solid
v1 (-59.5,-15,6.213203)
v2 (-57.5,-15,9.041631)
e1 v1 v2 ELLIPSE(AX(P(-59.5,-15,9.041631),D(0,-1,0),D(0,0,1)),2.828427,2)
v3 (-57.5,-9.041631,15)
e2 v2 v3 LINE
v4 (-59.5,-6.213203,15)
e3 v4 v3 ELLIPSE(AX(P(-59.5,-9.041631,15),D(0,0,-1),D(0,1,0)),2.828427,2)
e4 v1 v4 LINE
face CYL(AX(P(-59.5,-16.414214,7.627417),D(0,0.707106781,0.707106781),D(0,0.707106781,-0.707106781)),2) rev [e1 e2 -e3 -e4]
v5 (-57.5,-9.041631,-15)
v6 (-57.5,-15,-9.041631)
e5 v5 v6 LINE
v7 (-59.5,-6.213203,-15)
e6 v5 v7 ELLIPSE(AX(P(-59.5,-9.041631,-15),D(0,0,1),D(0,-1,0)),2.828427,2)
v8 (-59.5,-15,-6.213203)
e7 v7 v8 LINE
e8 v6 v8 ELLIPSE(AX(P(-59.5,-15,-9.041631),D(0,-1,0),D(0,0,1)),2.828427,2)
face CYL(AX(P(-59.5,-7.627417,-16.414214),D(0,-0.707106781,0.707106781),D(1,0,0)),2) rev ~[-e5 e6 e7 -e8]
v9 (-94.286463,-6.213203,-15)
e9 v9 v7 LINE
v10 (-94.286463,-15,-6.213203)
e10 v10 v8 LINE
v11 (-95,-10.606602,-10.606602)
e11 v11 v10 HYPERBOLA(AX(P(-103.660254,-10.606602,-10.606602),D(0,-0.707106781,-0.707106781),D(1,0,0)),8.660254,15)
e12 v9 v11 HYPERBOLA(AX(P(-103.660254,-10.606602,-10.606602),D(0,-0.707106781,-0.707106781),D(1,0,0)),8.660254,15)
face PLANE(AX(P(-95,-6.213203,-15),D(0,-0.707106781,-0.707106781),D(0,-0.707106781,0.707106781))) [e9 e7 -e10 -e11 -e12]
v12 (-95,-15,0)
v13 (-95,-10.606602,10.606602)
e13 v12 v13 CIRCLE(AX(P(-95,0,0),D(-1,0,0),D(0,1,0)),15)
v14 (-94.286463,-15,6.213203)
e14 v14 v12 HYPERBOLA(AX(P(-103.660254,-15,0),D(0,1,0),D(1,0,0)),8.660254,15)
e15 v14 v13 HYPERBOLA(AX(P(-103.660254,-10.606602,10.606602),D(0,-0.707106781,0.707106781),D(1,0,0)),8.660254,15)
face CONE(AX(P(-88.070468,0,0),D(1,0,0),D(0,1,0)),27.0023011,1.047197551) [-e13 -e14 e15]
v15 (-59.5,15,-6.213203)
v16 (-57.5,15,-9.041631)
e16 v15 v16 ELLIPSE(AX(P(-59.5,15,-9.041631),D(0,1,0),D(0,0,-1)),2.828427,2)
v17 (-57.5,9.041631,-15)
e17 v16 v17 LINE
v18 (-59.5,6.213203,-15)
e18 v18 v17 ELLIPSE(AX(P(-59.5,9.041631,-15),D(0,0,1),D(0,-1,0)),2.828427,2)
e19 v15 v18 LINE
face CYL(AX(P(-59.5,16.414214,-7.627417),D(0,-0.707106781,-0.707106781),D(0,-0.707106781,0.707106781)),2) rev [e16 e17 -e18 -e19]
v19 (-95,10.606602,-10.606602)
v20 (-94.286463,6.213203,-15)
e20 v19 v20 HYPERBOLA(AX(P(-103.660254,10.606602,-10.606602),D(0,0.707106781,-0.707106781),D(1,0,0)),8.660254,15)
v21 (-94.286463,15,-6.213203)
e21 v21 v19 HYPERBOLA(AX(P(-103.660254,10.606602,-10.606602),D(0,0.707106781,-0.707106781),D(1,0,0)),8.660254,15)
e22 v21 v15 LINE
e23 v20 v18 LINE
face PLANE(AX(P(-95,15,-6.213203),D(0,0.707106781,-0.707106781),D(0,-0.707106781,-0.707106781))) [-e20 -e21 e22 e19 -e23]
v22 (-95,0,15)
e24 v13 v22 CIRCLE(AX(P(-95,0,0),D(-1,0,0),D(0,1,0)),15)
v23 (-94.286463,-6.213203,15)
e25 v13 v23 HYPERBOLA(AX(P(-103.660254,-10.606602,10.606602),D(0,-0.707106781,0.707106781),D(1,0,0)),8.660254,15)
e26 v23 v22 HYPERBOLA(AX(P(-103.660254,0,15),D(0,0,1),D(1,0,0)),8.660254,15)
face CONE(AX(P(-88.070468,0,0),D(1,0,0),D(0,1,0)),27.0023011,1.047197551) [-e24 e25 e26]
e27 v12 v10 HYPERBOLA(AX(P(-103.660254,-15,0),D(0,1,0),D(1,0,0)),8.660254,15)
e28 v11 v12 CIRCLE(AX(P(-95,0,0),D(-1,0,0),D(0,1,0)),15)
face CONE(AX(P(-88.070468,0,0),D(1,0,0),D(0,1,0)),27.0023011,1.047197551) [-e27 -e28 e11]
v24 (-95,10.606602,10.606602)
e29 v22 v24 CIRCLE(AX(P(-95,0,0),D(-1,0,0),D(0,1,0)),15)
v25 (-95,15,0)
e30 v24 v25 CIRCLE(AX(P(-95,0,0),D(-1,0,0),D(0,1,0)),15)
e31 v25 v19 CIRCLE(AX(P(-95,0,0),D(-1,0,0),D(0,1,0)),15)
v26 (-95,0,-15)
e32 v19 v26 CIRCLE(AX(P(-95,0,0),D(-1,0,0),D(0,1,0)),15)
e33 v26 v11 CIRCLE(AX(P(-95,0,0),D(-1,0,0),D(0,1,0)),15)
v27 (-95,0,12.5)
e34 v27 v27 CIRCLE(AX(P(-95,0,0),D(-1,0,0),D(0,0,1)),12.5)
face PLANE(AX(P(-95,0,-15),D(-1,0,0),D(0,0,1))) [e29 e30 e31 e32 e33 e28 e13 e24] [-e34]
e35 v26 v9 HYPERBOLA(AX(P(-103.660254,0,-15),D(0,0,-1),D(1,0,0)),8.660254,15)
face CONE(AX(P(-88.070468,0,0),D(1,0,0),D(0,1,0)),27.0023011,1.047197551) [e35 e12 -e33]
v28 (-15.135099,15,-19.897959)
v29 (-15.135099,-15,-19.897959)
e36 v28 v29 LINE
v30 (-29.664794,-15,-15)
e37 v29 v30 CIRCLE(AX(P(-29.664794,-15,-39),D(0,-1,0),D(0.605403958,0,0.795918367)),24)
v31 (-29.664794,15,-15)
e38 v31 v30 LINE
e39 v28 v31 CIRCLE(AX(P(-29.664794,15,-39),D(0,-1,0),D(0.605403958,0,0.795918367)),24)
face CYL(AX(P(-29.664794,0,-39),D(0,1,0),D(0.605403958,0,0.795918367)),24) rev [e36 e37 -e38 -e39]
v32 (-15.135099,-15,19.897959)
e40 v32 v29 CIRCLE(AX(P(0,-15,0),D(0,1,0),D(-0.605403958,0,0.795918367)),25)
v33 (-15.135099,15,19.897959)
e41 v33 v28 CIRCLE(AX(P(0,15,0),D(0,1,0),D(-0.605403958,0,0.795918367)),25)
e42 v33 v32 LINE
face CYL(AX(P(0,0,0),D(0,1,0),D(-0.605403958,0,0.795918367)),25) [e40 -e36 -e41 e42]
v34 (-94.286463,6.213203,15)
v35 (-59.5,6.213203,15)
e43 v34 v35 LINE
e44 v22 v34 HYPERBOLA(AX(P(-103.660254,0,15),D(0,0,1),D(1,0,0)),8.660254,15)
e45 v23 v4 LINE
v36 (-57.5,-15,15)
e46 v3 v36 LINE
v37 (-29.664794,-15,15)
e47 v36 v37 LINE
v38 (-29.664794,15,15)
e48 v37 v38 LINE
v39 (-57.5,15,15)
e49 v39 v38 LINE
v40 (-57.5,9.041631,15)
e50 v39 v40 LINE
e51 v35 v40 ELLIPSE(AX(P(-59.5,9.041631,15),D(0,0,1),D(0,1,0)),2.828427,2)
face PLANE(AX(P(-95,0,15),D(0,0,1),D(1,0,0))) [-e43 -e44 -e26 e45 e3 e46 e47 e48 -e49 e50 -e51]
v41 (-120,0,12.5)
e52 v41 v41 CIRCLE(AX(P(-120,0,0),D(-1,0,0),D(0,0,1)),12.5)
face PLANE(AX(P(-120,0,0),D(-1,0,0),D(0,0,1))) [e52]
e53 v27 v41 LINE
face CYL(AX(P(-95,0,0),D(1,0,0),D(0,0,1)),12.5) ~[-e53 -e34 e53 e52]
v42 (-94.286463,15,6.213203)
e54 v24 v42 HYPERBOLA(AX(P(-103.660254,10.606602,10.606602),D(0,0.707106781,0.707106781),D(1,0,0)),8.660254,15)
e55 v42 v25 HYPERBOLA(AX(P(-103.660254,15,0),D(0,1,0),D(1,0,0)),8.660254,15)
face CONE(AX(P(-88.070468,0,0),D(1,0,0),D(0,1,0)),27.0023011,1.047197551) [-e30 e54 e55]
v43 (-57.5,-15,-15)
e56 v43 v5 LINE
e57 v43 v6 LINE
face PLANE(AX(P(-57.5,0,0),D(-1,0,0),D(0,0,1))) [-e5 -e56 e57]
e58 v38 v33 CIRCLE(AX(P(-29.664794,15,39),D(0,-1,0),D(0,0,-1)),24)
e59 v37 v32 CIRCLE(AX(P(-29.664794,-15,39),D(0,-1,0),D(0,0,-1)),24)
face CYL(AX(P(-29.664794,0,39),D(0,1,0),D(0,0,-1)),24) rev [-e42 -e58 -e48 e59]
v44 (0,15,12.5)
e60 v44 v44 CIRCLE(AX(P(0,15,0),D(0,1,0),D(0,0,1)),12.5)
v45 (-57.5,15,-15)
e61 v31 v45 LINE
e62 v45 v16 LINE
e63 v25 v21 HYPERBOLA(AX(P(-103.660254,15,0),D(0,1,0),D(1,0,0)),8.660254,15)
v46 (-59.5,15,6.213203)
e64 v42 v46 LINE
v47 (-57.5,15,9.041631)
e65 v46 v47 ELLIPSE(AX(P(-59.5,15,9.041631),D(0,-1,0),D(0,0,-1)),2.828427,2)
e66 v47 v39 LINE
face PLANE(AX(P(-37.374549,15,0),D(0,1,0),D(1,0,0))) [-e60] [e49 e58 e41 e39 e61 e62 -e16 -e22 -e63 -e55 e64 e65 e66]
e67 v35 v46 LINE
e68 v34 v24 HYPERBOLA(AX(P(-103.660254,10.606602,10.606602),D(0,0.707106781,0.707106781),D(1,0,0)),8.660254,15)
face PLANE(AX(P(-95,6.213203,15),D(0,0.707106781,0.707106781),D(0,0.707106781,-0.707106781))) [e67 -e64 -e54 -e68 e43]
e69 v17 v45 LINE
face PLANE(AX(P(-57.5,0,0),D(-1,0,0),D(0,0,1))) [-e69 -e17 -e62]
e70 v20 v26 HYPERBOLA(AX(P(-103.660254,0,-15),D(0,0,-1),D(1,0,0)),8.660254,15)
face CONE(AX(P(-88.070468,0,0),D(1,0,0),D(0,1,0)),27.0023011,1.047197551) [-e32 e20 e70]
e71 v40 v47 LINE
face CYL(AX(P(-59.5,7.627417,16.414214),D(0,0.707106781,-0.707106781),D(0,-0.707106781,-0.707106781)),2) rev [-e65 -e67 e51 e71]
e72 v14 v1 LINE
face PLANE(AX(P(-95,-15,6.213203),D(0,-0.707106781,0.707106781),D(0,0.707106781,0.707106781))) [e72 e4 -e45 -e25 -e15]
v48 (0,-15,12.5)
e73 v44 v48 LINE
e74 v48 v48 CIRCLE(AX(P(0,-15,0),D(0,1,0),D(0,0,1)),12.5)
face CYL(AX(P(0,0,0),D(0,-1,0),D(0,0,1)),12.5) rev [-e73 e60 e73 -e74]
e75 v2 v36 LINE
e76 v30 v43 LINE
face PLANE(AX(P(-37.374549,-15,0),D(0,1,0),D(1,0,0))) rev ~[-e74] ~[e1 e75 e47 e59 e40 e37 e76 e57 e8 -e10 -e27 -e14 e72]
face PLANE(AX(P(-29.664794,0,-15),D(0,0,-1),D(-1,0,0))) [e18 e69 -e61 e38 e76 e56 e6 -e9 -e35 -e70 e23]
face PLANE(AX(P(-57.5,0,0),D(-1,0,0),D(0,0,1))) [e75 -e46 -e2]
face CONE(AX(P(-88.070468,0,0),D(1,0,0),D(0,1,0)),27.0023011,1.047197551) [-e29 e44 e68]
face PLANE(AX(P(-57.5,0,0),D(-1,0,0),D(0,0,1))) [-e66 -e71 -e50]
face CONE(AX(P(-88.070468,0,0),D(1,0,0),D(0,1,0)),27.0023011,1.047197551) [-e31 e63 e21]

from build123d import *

# Parameters (mm, degrees)
SKETCH1_R           = 12.5
BOSS_EXTRUDE1_DEPTH = 15
SKETCH2_OUTSIDE_W   = 78.684
SKETCH2_OUTSIDE_H   = 58.684
CUT_EXTRUDE1_DEPTH  = 37.5
SKETCH3_R           = 12.5
BOSS_EXTRUDE2_DEPTH = 25
FILLET1_R           = 2


with BuildPart() as part:
    # Sketch1 → Boss-Extrude1 (new, symmetric)
    with BuildSketch(Plane(origin=(0, 0, 0), x_dir=(1, 0, 0), z_dir=(0, 1, 0))):
        with BuildLine():
            Line((-29.664793948, 15), (-95, 15))
            Line((-95, 15), (-95, -15))
            Line((-95, -15), (-29.664793948, -15))
            ThreePointArc((-29.664793948, -15), (-21.998275168, -16.257430009), (-15.135098953, -19.897959184))
            ThreePointArc((-15.135098953, -19.897959184), (25, 0), (-15.135098953, 19.897959184))
            ThreePointArc((-15.135098953, 19.897959184), (-21.998275168, 16.257430009), (-29.664793948, 15))
        make_face()
        with Locations(Location((0, 0, 0), (0, 0, 270))):
            Circle(SKETCH1_R, mode=Mode.SUBTRACT)
    extrude(amount=BOSS_EXTRUDE1_DEPTH, both=True)

    # Sketch2 outside → Cut-Extrude1 (cut)
    with BuildSketch(Plane.ZY.offset(95)):
        Rectangle(SKETCH2_OUTSIDE_W, SKETCH2_OUTSIDE_H)
        Polygon((6.213203436, 15), (-6.213203436, 15), (-15, 6.213203436), (-15, -6.213203436), (-6.213203436, -15), (6.213203436, -15), (15, -6.213203436), (15, 6.213203436), align=None, mode=Mode.SUBTRACT)
    extrude(amount=-CUT_EXTRUDE1_DEPTH, mode=Mode.SUBTRACT)

    # Sketch3 → Boss-Extrude2 (add)
    with BuildSketch(Plane.ZY.offset(95)):
        Circle(SKETCH3_R)
    extrude(amount=BOSS_EXTRUDE2_DEPTH)

    # Fillet1
    fillet1_edges = [part.edges().sort_by_distance(p)[0] for p in [
        (-57.5, 10.606601718, -10.606601718),
        (-57.5, -10.606601718, -10.606601718),
        (-57.5, 10.606601718, 10.606601718),
        (-57.5, -10.606601718, 10.606601718),
    ]]
    fillet(fillet1_edges, radius=FILLET1_R)

    # Sketch4 → Cut-Revolve1 (revolve, cut)
    with BuildSketch(Plane.XY):
        Polygon((-95, 15), (-95, 27.0023011), (-88.070468229, 27.0023011), align=None)
    revolve(axis=Axis((0, 0, 0), (-1, 0, 0)), mode=Mode.SUBTRACT)


solid = part.part
